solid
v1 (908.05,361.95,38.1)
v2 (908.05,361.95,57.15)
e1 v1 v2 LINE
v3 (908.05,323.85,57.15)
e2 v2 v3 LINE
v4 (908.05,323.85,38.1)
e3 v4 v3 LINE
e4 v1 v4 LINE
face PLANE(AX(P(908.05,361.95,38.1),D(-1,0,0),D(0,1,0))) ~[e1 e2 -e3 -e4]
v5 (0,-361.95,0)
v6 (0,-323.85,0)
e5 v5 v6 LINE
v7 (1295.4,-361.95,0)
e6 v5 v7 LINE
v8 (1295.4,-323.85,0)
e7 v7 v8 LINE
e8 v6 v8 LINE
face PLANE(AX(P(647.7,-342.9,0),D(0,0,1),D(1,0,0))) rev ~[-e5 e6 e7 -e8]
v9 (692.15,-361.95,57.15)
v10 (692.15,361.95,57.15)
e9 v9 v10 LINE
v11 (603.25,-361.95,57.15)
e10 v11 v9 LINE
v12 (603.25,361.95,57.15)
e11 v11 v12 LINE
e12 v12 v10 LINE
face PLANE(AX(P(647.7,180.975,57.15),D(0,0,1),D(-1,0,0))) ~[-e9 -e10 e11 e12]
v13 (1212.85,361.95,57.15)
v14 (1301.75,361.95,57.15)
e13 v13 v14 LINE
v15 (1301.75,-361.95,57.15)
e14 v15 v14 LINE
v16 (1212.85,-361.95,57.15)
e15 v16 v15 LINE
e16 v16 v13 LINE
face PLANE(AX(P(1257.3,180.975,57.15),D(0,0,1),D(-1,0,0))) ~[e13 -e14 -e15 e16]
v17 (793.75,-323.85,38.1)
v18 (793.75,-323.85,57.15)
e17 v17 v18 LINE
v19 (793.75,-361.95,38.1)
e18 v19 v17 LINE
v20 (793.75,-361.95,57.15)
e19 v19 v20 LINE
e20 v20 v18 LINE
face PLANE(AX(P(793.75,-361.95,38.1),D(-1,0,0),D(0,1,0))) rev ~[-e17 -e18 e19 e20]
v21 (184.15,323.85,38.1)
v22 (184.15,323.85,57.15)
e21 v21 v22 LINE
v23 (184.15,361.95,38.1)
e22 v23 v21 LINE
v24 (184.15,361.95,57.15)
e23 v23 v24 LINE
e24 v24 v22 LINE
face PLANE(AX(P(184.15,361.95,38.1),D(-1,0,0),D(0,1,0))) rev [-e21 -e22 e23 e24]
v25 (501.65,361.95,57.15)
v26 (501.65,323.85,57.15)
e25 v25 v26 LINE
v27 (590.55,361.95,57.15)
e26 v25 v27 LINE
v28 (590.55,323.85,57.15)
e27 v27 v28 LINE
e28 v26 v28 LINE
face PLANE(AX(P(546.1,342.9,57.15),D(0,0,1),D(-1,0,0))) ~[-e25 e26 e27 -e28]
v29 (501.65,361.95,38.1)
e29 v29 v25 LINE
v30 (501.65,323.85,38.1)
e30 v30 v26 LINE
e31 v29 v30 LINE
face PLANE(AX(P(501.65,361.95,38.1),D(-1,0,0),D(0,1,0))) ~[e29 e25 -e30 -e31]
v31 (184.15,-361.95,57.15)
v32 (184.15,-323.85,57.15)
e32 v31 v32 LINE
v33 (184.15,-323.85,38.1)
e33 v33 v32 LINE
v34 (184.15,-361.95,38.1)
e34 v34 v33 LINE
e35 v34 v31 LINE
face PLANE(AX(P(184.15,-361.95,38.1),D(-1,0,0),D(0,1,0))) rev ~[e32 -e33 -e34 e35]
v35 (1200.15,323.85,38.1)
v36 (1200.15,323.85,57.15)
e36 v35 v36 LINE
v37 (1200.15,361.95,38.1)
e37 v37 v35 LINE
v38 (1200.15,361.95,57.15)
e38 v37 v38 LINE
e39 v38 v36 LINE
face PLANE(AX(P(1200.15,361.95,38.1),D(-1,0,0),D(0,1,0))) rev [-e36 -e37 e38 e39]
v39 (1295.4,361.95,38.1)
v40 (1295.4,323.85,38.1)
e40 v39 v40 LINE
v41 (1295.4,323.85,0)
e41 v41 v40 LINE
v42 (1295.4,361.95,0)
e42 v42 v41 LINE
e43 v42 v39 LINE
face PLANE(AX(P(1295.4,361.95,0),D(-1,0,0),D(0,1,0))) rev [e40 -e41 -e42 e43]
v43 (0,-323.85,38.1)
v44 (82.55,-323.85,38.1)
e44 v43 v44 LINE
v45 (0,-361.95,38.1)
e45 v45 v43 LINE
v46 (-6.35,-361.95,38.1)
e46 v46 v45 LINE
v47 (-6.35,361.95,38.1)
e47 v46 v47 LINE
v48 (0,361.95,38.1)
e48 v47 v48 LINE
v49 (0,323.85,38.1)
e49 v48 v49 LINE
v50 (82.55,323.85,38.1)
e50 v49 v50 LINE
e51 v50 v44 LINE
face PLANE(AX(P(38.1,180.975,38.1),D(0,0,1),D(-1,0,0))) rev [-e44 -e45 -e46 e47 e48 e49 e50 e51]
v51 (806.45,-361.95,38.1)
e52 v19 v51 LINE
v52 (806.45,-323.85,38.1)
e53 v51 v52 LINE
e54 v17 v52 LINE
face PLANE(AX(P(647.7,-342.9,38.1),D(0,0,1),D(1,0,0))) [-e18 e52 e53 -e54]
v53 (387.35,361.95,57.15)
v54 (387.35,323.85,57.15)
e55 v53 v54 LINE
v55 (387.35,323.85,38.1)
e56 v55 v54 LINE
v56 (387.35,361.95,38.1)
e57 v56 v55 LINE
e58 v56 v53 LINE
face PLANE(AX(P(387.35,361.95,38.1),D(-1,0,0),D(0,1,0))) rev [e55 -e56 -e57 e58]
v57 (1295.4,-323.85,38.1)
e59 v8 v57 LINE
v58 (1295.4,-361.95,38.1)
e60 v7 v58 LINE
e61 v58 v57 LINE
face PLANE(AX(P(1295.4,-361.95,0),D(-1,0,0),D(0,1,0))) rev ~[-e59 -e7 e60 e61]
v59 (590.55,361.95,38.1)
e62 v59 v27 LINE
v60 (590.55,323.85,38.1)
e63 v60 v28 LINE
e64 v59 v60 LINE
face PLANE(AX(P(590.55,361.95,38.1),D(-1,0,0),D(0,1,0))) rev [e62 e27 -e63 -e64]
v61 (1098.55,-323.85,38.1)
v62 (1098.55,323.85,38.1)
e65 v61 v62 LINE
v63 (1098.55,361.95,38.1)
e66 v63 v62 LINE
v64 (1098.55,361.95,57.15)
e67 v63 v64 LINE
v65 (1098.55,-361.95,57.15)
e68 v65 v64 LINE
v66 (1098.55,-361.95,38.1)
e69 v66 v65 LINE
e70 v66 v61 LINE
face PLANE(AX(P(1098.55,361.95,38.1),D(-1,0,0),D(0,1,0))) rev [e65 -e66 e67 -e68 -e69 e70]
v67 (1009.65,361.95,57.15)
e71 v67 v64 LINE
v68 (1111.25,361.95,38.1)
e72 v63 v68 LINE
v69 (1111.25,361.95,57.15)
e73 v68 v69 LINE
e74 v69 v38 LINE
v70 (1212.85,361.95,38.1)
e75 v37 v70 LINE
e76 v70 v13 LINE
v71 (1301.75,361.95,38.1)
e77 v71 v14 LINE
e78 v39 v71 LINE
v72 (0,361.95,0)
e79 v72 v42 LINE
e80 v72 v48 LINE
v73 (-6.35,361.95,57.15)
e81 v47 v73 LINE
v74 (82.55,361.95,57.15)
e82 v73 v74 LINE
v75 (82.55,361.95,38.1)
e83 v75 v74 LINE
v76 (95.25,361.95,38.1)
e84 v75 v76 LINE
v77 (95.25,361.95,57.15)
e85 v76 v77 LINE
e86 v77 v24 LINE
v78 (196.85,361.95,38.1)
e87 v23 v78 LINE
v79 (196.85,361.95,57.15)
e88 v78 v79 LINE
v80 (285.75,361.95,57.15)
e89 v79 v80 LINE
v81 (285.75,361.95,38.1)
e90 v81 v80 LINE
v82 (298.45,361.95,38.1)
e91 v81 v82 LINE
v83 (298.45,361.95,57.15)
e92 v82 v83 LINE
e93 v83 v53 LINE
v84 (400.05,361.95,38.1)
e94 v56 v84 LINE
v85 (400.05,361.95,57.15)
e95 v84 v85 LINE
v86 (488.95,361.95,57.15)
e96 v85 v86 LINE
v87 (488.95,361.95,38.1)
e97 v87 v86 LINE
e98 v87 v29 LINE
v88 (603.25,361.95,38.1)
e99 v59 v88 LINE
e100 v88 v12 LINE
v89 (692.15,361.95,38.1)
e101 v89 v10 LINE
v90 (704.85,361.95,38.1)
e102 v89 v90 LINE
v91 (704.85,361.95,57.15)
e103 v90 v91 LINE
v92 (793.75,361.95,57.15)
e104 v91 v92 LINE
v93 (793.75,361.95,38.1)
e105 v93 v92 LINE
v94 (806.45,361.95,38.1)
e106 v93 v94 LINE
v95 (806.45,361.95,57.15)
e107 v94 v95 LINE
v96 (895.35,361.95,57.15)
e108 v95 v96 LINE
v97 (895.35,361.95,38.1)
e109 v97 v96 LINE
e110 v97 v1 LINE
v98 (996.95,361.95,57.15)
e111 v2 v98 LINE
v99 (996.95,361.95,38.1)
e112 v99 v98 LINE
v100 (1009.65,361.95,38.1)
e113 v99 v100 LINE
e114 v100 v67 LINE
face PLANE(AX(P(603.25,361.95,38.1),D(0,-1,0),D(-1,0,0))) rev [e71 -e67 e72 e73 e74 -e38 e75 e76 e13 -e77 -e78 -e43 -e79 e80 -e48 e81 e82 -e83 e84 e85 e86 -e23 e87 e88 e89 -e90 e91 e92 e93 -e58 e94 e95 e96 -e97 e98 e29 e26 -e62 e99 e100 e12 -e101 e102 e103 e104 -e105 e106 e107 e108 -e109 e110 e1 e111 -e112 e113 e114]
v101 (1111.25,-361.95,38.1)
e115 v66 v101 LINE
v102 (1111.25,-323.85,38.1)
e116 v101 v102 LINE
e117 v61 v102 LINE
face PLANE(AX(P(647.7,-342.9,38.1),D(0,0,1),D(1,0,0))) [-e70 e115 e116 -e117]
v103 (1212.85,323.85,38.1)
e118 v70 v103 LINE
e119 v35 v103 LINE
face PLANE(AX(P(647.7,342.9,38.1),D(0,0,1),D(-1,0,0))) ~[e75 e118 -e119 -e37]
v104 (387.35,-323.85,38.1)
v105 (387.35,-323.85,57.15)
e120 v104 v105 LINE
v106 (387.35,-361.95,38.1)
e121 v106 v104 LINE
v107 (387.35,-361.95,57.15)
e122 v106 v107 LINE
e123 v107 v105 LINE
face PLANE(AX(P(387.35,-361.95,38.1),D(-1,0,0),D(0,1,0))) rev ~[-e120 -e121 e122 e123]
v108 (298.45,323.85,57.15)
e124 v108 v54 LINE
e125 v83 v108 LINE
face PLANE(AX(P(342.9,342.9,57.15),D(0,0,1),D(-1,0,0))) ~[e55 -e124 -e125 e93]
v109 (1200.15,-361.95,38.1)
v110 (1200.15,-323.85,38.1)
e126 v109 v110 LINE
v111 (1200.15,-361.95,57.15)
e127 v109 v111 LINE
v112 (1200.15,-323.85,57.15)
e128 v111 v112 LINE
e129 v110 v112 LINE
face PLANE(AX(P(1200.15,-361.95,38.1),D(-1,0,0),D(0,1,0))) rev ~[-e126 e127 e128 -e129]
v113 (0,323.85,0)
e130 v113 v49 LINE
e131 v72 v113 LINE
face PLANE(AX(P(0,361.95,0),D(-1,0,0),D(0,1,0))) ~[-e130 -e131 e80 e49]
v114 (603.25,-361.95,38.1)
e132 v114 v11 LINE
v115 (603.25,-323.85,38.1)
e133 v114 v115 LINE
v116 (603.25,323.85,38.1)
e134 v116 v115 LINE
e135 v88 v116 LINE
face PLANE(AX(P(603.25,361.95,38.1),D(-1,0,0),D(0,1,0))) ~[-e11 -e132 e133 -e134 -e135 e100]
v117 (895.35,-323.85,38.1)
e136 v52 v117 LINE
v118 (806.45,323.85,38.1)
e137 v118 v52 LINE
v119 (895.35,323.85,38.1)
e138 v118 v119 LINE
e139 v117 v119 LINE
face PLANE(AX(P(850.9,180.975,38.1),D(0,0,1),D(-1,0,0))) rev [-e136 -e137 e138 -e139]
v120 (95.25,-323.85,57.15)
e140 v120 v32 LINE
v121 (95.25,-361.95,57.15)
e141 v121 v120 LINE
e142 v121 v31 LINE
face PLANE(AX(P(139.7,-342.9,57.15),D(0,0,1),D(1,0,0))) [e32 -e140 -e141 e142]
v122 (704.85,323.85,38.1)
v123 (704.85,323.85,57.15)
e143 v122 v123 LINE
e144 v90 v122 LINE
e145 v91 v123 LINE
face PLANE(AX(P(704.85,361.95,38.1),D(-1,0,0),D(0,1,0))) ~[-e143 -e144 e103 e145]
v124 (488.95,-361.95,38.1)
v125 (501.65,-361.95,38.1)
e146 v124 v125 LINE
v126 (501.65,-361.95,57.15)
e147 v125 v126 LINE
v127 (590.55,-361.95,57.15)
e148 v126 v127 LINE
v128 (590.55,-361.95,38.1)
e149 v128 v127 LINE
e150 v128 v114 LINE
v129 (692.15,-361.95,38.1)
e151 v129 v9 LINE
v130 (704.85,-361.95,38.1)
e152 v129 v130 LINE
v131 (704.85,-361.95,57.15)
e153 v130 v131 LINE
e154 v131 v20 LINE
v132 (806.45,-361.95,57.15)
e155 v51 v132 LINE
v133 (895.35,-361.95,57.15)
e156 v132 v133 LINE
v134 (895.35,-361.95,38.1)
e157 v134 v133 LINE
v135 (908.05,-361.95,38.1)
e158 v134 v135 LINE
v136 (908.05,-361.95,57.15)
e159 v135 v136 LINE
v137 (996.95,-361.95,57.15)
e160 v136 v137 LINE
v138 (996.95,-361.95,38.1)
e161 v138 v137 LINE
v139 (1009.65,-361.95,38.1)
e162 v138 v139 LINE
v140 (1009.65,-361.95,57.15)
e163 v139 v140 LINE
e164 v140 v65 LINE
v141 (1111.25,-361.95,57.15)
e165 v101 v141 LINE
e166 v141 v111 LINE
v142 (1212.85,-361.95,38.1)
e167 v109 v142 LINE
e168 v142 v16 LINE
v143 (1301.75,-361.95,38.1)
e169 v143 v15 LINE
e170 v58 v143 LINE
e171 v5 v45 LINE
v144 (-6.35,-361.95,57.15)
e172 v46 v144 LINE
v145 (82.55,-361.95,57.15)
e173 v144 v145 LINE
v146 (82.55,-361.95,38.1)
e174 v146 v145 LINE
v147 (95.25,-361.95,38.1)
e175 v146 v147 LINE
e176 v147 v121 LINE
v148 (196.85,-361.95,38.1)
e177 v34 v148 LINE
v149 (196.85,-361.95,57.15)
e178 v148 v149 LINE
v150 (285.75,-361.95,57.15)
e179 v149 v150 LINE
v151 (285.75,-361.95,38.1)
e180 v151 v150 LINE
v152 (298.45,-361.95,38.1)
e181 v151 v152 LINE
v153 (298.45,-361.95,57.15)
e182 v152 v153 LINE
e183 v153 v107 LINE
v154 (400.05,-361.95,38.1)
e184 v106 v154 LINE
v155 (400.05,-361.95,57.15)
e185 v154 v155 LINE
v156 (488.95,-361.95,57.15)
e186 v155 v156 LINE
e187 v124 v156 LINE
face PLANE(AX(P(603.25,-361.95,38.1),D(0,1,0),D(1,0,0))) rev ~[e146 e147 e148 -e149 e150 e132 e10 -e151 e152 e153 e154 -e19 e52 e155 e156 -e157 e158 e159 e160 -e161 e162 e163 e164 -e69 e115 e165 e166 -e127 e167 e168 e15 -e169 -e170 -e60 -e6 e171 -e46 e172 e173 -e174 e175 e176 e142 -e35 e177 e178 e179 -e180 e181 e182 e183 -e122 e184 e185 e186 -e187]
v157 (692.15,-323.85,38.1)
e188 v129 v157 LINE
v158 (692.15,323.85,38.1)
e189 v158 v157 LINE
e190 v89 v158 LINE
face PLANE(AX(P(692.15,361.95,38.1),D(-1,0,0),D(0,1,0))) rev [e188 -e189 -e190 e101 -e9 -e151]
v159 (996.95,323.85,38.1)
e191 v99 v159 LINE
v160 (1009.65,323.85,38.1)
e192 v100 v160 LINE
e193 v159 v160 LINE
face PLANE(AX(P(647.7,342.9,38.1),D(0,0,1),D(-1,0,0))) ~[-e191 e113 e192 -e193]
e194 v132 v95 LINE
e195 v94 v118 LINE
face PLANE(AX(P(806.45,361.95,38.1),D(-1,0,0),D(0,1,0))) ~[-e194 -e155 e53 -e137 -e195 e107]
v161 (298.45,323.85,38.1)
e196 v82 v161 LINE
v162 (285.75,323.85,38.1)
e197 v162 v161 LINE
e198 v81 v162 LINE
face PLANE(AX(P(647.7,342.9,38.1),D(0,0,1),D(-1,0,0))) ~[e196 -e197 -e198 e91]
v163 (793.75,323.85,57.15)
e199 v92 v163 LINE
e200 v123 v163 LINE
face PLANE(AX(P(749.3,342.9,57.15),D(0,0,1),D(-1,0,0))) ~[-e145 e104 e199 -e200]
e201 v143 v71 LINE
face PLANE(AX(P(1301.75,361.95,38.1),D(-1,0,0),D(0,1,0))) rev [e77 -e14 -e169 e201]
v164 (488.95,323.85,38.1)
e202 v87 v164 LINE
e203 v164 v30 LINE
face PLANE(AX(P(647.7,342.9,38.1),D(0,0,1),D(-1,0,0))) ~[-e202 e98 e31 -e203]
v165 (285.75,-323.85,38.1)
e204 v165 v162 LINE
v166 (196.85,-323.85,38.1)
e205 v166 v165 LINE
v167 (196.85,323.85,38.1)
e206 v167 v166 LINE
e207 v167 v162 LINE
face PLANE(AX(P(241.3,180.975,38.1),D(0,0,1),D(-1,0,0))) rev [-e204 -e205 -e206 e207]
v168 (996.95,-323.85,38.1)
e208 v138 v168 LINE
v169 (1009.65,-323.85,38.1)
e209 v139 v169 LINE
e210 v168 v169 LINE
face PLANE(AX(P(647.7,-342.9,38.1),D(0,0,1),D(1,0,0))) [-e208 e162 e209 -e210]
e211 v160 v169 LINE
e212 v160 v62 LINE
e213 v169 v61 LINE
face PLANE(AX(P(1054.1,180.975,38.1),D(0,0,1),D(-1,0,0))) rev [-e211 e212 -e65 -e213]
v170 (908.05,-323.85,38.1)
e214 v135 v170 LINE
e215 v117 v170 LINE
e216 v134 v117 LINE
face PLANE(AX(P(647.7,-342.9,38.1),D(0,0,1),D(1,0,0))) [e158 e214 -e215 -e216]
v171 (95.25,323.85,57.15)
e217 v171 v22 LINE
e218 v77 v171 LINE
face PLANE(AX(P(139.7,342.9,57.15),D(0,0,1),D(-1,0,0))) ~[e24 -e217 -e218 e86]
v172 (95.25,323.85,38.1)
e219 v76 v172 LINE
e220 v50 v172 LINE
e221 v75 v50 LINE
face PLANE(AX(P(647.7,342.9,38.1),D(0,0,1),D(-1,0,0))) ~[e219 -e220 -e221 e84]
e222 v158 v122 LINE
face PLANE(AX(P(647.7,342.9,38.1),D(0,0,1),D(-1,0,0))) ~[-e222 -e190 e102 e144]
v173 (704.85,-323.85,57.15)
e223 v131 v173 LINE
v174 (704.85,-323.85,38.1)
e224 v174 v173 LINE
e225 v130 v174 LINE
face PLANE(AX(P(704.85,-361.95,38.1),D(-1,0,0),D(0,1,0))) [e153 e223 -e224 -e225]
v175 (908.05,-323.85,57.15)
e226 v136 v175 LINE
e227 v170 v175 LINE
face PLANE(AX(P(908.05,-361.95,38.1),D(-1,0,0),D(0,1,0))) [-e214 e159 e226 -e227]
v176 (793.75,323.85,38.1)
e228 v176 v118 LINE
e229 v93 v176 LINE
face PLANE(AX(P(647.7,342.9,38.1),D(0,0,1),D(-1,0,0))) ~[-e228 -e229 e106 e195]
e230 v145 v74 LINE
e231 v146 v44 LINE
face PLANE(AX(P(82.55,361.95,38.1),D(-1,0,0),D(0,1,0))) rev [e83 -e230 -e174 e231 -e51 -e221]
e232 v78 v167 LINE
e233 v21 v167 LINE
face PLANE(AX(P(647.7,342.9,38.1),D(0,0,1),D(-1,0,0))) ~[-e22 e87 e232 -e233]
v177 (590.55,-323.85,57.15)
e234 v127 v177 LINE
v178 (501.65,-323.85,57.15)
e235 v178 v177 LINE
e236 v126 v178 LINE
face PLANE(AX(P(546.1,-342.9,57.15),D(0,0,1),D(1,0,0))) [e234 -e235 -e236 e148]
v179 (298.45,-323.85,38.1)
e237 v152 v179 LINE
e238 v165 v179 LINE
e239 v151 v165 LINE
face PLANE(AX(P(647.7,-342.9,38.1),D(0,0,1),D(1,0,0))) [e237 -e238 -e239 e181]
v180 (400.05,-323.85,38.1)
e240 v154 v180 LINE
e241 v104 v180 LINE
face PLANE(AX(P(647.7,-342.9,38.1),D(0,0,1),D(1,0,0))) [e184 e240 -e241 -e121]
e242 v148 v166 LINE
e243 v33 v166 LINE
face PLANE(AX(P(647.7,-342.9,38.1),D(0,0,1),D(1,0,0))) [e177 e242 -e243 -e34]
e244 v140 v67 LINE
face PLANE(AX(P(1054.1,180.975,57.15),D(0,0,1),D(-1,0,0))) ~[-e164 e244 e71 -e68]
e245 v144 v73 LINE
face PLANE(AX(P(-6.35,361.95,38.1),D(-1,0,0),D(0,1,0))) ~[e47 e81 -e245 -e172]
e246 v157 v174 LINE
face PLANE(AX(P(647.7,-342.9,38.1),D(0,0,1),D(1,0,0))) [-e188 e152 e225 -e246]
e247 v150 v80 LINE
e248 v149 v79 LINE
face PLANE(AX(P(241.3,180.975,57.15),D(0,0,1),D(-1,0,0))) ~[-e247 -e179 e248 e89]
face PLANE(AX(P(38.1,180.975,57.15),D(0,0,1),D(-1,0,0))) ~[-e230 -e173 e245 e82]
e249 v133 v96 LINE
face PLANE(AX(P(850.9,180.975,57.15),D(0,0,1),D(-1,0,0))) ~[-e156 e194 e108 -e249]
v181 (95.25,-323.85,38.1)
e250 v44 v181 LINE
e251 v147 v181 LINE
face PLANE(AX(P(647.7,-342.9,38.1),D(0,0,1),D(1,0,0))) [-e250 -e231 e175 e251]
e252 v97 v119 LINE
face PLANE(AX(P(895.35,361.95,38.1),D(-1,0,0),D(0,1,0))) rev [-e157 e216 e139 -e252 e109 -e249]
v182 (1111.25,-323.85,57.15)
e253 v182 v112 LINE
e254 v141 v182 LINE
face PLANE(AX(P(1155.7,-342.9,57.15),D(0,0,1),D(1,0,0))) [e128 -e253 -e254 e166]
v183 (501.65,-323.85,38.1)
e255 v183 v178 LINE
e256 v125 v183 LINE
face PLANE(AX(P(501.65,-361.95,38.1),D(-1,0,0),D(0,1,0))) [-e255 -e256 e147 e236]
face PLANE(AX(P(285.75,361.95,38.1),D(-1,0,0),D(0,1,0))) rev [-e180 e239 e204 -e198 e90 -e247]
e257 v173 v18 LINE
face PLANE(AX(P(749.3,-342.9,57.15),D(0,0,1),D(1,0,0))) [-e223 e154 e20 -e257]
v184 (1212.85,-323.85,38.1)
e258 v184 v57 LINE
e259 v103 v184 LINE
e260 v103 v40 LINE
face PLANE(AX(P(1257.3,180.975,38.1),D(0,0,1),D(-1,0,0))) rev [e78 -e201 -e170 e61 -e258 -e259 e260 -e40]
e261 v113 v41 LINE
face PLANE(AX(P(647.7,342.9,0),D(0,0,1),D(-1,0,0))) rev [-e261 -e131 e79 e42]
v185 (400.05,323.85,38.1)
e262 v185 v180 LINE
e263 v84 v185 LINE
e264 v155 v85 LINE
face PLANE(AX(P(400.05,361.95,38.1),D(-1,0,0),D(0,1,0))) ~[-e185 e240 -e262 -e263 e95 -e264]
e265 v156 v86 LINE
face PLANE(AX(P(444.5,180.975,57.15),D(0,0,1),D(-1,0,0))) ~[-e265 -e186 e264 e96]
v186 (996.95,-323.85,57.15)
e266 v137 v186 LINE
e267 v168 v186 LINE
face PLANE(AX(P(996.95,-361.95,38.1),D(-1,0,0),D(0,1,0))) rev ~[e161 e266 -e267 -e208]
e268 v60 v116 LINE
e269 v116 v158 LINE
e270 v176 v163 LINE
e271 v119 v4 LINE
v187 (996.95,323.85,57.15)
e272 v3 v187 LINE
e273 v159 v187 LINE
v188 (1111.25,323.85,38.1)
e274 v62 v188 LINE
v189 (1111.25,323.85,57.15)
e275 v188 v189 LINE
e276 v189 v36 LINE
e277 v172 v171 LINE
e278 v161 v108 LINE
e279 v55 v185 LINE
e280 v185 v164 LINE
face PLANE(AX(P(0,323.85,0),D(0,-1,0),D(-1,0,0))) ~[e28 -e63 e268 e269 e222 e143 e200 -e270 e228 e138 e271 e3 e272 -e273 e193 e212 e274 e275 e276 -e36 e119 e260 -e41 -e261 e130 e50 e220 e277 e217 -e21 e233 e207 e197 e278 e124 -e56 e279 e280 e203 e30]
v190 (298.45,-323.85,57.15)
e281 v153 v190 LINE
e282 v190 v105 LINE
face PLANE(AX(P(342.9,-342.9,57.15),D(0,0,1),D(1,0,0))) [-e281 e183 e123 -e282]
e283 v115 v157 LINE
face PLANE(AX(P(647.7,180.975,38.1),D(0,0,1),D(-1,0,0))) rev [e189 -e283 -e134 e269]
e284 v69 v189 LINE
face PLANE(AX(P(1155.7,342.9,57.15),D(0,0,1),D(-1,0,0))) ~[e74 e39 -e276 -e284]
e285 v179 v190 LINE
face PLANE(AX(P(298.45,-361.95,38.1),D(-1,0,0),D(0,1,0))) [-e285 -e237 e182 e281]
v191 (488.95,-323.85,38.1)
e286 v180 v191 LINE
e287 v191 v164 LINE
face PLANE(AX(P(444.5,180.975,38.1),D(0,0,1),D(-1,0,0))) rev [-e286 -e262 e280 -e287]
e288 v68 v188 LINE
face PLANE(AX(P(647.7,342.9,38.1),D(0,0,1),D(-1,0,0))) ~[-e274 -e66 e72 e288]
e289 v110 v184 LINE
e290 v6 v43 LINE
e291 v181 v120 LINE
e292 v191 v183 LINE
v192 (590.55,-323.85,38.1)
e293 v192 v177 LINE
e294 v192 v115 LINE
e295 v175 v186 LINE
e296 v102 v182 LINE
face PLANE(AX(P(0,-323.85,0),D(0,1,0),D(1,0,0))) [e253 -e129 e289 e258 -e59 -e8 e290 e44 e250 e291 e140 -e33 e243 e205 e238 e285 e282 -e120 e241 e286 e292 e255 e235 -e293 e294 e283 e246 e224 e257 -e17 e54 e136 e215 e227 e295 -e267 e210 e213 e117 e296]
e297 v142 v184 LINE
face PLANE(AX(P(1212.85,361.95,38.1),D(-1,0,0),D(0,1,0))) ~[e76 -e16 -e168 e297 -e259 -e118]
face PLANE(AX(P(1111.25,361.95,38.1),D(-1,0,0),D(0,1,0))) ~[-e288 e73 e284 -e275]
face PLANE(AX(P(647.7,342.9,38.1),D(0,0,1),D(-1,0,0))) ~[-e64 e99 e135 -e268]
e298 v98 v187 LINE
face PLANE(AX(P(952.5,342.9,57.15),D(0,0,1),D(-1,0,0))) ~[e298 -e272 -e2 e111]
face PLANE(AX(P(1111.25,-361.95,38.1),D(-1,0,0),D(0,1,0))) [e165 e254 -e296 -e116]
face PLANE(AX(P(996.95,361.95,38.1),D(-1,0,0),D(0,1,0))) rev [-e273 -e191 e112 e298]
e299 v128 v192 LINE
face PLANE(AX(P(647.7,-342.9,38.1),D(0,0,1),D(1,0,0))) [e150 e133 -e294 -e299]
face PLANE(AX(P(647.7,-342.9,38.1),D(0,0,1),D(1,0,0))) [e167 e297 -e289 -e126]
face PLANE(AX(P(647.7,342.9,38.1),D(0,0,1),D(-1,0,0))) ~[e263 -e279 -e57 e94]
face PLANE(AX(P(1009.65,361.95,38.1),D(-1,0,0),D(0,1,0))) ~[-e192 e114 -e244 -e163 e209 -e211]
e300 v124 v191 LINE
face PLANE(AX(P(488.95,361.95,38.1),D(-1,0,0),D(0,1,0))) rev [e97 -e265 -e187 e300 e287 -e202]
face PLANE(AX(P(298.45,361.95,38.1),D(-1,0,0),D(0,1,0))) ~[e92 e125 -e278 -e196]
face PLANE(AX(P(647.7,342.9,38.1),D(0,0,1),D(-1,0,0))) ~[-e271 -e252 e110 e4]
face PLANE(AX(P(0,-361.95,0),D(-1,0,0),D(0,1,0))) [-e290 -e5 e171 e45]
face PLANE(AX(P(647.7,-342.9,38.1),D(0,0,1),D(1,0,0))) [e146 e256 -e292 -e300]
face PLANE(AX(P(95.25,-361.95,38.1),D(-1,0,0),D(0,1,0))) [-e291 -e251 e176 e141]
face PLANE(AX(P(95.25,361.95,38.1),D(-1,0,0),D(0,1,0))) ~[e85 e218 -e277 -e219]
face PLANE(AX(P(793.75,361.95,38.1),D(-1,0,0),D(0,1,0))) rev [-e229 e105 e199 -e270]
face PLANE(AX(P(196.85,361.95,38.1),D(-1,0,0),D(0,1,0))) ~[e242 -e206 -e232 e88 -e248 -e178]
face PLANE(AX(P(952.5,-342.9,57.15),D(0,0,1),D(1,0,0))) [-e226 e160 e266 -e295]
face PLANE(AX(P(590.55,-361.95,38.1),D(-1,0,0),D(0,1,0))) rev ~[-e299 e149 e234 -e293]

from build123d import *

# Parameters (mm, degrees)
F0_W     = 1295.4
F0_H     = 38.1
F1_DEPTH = 38.1
F2_W     = 88.9
F2_H     = 361.95
F2_H_2   = 38.1
F3_DEPTH = 19.05


with BuildPart() as f1:
    # F0 (on Top) → F1 (new body)
    with BuildSketch(Plane.XY):
        with Locations((647.7, -342.9)):
            Rectangle(F0_W, F0_H)
    extrude(amount=F1_DEPTH)

    # F2 (on face) → F3 (join)
    with BuildSketch(Plane.XY.offset(38.1)):
        with Locations((647.7, -180.975)):
            Rectangle(F2_W, F2_H)
        with Locations((850.9, -180.975)):
            Rectangle(F2_W, F2_H)
        with Locations((1054.1, -180.975)):
            Rectangle(F2_W, F2_H)
        with Locations((1257.3, -180.975)):
            Rectangle(F2_W, F2_H)
        with Locations((444.5, -180.975)):
            Rectangle(F2_W, F2_H)
        with Locations((241.3, -180.975)):
            Rectangle(F2_W, F2_H)
        with Locations((38.1, -180.975)):
            Rectangle(F2_W, F2_H)
        with Locations((749.3, -342.9)):
            Rectangle(F2_W, F2_H_2)
        with Locations((952.5, -342.9)):
            Rectangle(F2_W, F2_H_2)
        with Locations((1155.7, -342.9)):
            Rectangle(F2_W, F2_H_2)
        with Locations((546.1, -342.9)):
            Rectangle(F2_W, F2_H_2)
        with Locations((342.9, -342.9)):
            Rectangle(F2_W, F2_H_2)
        with Locations((139.7, -342.9)):
            Rectangle(F2_W, F2_H_2)
    extrude(amount=F3_DEPTH)

    # F4: F1 across plane


with BuildPart() as f1_1:
    add(f1.part)
    add(f1.part.mirror(Plane.XZ))


solid = f1_1.part
